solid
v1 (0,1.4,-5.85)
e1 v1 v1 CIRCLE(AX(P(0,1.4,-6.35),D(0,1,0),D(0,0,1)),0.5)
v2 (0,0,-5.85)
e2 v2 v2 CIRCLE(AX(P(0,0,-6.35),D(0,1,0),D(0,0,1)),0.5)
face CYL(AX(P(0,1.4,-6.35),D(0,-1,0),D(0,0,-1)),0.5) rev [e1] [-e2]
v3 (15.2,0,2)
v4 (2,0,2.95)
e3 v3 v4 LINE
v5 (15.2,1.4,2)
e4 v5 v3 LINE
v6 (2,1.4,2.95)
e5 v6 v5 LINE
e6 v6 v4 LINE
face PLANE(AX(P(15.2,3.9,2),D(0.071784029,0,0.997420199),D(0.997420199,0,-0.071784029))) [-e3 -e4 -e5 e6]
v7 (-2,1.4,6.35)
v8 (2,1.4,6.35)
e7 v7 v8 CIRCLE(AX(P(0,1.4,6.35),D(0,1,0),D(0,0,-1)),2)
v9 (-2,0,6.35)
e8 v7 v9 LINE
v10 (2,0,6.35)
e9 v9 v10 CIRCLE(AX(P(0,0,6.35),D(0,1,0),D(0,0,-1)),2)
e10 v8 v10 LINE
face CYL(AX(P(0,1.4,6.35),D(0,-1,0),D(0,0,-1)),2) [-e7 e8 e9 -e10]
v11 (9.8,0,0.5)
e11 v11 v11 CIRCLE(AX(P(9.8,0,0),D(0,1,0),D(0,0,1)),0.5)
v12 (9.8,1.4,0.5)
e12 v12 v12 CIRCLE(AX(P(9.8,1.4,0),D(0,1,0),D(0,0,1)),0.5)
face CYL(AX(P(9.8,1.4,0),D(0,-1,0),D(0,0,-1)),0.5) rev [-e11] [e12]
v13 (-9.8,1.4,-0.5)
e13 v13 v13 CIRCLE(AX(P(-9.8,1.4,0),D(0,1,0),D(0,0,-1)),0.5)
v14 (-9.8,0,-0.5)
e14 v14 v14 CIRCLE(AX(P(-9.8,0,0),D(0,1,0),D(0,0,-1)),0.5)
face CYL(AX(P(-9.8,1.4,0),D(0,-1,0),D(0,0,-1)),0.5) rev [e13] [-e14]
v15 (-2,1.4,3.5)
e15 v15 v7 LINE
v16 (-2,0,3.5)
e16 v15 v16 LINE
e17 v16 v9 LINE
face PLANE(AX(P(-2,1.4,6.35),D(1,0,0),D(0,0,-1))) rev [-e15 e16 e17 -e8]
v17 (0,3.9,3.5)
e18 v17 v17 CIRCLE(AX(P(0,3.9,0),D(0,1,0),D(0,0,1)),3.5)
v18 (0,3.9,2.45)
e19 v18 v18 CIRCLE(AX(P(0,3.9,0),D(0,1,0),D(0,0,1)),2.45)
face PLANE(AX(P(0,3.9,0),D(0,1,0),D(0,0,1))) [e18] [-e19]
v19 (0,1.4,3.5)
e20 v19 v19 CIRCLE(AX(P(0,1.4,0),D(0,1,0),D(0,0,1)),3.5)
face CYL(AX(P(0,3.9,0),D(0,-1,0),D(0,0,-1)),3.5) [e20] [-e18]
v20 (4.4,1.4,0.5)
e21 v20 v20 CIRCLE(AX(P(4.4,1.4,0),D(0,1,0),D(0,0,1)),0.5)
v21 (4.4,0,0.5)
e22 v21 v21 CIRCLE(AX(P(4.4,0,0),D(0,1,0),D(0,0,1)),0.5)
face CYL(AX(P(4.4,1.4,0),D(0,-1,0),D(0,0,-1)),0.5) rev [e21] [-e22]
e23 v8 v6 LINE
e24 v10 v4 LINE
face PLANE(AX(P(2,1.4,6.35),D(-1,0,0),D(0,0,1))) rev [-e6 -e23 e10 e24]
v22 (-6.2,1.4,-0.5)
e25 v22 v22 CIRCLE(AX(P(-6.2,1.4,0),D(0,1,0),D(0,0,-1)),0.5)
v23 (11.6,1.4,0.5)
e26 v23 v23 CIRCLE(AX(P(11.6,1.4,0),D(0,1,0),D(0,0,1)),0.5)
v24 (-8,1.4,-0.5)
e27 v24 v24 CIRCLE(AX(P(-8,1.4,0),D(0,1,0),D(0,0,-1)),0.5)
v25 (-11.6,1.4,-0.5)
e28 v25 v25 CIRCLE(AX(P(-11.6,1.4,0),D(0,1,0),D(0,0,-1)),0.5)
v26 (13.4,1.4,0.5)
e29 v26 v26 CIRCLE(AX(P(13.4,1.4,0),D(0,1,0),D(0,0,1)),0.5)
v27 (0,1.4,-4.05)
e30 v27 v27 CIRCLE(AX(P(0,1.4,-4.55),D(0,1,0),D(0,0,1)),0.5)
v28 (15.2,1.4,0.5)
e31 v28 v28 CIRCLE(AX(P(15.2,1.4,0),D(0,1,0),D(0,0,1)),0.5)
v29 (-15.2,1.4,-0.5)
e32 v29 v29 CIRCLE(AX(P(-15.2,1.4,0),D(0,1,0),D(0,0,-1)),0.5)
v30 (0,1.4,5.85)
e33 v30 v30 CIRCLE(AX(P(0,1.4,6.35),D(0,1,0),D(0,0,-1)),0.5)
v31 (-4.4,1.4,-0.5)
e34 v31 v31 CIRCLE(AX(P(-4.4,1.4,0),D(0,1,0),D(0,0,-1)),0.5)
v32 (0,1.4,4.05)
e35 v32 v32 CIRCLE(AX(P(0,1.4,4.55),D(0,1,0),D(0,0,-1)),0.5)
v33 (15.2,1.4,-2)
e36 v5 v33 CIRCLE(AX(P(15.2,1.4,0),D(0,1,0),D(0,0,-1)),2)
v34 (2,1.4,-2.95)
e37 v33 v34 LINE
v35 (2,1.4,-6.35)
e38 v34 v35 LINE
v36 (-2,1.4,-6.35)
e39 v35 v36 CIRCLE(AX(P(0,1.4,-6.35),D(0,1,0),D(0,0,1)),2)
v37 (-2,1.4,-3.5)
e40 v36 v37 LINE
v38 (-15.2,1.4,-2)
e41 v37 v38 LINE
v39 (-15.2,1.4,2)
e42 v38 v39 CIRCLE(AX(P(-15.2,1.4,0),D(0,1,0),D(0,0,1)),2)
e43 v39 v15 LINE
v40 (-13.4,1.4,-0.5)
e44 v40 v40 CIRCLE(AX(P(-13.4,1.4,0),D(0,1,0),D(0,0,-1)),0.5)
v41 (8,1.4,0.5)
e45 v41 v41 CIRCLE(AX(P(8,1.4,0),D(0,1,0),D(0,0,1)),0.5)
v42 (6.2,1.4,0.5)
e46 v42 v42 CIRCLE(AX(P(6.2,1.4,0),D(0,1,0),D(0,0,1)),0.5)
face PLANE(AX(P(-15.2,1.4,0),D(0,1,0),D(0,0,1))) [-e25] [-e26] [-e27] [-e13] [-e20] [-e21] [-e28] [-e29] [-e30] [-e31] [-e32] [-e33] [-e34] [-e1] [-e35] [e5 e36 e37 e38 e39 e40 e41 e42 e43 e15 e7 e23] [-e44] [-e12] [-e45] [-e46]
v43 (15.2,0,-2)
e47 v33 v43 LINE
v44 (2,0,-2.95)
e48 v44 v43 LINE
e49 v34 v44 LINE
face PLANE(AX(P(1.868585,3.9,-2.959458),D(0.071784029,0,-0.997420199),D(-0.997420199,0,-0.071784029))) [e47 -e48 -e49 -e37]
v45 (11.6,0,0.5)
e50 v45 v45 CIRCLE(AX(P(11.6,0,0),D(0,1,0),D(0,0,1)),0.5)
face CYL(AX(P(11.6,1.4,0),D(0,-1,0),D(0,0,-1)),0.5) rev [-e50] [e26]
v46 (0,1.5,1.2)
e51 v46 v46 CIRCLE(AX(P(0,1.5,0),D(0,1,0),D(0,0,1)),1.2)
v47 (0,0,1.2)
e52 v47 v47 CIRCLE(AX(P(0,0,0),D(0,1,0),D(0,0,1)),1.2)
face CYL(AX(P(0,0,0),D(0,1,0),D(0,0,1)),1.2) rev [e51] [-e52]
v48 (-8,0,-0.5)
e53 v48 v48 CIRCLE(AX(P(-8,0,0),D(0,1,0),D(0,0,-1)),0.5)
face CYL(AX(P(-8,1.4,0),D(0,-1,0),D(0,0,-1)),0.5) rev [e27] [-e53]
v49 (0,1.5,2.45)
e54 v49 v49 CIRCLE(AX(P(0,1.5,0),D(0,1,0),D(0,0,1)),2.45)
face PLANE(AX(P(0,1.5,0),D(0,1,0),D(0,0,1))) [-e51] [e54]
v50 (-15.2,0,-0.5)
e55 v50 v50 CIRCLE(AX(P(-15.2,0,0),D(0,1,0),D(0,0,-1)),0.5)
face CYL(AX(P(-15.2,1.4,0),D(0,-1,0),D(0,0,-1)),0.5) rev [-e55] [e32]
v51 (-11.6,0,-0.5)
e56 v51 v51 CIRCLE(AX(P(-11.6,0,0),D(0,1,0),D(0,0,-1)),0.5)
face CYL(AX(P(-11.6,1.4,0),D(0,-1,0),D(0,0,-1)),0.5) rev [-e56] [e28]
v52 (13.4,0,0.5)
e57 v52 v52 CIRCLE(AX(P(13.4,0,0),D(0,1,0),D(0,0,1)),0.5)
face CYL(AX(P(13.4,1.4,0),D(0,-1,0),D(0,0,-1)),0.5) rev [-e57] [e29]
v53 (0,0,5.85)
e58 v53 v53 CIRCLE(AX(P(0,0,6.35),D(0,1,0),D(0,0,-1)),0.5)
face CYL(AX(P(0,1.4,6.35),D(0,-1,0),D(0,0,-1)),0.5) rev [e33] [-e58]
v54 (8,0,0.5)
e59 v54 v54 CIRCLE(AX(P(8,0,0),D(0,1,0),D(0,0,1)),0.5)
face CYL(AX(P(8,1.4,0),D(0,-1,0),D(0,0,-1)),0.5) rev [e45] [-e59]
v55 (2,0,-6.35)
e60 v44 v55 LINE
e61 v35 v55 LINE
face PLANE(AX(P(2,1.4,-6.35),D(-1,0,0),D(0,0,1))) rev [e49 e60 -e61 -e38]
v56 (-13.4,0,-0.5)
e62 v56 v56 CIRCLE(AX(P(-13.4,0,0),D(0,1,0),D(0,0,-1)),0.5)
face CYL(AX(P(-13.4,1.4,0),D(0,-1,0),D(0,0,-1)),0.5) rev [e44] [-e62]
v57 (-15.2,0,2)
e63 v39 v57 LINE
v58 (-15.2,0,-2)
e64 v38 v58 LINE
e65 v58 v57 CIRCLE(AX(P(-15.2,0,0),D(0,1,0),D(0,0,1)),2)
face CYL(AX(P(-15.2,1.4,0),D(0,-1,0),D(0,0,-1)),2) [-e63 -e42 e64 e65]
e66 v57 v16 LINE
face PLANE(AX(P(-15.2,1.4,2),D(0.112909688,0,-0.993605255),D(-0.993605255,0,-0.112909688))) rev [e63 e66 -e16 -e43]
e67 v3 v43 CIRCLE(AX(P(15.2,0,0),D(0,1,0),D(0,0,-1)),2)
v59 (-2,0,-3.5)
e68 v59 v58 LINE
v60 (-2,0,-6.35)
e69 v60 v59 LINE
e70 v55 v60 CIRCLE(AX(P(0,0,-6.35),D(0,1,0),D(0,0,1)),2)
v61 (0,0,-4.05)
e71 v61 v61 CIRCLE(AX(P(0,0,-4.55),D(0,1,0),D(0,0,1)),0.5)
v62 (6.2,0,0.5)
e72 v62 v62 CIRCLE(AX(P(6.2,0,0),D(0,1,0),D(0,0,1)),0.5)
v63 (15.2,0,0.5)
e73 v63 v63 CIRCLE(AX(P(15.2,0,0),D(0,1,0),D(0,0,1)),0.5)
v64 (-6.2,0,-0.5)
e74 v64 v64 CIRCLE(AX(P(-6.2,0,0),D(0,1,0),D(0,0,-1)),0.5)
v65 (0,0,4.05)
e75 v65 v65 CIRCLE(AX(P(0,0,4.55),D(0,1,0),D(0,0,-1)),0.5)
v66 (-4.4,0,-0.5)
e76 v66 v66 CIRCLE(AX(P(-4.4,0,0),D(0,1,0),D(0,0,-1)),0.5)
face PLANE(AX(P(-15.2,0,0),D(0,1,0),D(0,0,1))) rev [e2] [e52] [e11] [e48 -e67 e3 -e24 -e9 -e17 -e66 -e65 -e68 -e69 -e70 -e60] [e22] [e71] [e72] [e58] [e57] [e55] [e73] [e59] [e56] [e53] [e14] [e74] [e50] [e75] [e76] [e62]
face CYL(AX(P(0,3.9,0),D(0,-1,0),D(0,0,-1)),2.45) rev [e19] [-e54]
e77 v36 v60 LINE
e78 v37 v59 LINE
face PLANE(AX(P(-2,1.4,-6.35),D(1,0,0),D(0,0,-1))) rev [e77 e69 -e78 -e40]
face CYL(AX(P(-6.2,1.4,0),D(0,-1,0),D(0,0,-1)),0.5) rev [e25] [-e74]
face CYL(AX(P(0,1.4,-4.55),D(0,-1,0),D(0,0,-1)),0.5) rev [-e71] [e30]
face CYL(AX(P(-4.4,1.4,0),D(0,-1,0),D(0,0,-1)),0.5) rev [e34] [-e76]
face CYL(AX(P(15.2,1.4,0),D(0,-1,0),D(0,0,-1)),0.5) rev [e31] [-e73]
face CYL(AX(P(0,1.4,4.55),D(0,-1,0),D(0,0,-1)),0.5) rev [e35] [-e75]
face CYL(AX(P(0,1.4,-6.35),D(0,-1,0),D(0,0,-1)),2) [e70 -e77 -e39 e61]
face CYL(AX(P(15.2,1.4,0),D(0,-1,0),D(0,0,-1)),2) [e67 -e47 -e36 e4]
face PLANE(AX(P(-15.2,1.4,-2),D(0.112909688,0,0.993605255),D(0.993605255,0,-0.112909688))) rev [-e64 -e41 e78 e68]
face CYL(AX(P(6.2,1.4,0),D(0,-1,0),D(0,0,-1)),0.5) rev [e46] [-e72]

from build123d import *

# Parameters (mm, degrees)
SKETCH1_R           = 0.5
BOSS_EXTRUDE1_DEPTH = 1.4
SKETCH2_R           = 2.35
CUT_EXTRUDE1_DEPTH  = 1
SKETCH3_R           = 3.5
SKETCH3_R_2         = 2.45
BOSS_EXTRUDE2_DEPTH = 2.5
SKETCH4_R           = 1.2
CUT_EXTRUDE2_DEPTH  = 20.282440198
SKETCH5_R           = 2.45
SKETCH5_R_2         = 1.2
BOSS_EXTRUDE3_DEPTH = 0.1
SKETCH6_W           = 35.735260114
SKETCH6_H           = 17.672039004
CUT_EXTRUDE4_DEPTH  = 20.513392837
CUT_EXTRUDE5_DEPTH  = 18.980545042
CIRPATTERN2_COUNT   = 2
SKETCH9_R           = 1.2
CUT_EXTRUDE6_DEPTH  = 20.282440198


with BuildPart() as part:
    # Sketch1 → Boss-Extrude1 (new body)
    with BuildSketch(Plane(origin=(0, 0, 0), x_dir=(1, 0, 0), z_dir=(0, 1, 0))):
        with BuildLine():
            Line((-15.2, 2), (-2, 2.95))
            Line((-2, 2.95), (-2, 6.35))
            ThreePointArc((-2, 6.35), (0, 8.35), (2, 6.35))
            Line((2, 6.35), (2, 3.5))
            Line((2, 3.5), (15.2, 2))
            ThreePointArc((15.2, 2), (17.2, 0), (15.2, -2))
            Line((15.2, -2), (2, -3.5))
            Line((2, -3.5), (2, -6.35))
            ThreePointArc((2, -6.35), (0, -8.35), (-2, -6.35))
            Line((-2, -6.35), (-2, -2.95))
            Line((-2, -2.95), (-15.2, -2))
            ThreePointArc((-15.2, -2), (-17.2, 0), (-15.2, 2))
        make_face()
        with Locations(Location((0, 6.35, 0), (0, 0, 270))):
            Circle(SKETCH1_R, mode=Mode.SUBTRACT)
        with Locations(Location((0, 4.55, 0), (0, 0, 270))):
            Circle(SKETCH1_R, mode=Mode.SUBTRACT)
        with Locations(Location((0, -4.55, 0), (0, 0, 90))):
            Circle(SKETCH1_R, mode=Mode.SUBTRACT)
        with Locations(Location((0, -6.35, 0), (0, 0, 90))):
            Circle(SKETCH1_R, mode=Mode.SUBTRACT)
        with Locations(Location((-15.2, 0, 0), (0, 0, 270))):
            Circle(SKETCH1_R, mode=Mode.SUBTRACT)
        with Locations(Location((15.2, 0, 0), (0, 0, 270))):
            Circle(SKETCH1_R, mode=Mode.SUBTRACT)
        with Locations(Location((-13.4, 0, 0), (0, 0, 270))):
            Circle(SKETCH1_R, mode=Mode.SUBTRACT)
        with Locations(Location((-11.6, 0, 0), (0, 0, 270))):
            Circle(SKETCH1_R, mode=Mode.SUBTRACT)
        with Locations(Location((-9.8, 0, 0), (0, 0, 270))):
            Circle(SKETCH1_R, mode=Mode.SUBTRACT)
        with Locations(Location((-8, 0, 0), (0, 0, 270))):
            Circle(SKETCH1_R, mode=Mode.SUBTRACT)
        with Locations(Location((-6.2, 0, 0), (0, 0, 270))):
            Circle(SKETCH1_R, mode=Mode.SUBTRACT)
        with Locations(Location((-4.4, 0, 0), (0, 0, 270))):
            Circle(SKETCH1_R, mode=Mode.SUBTRACT)
        with Locations(Location((13.4, 0, 0), (0, 0, 270))):
            Circle(SKETCH1_R, mode=Mode.SUBTRACT)
        with Locations(Location((11.6, 0, 0), (0, 0, 270))):
            Circle(SKETCH1_R, mode=Mode.SUBTRACT)
        with Locations(Location((9.8, 0, 0), (0, 0, 270))):
            Circle(SKETCH1_R, mode=Mode.SUBTRACT)
        with Locations(Location((8, 0, 0), (0, 0, 270))):
            Circle(SKETCH1_R, mode=Mode.SUBTRACT)
        with Locations(Location((6.2, 0, 0), (0, 0, 270))):
            Circle(SKETCH1_R, mode=Mode.SUBTRACT)
        with Locations(Location((4.4, 0, 0), (0, 0, 270))):
            Circle(SKETCH1_R, mode=Mode.SUBTRACT)
    boss_extrude1 = extrude(amount=BOSS_EXTRUDE1_DEPTH)

    # Sketch2 → Cut-Extrude1 (cut)
    with BuildSketch(Plane.XZ):
        with Locations(Location((0, 0, 0), (0, 0, 270))):
            Circle(SKETCH2_R)
    extrude(amount=-CUT_EXTRUDE1_DEPTH, mode=Mode.SUBTRACT)

    # Sketch3 → Boss-Extrude2 (add)
    with BuildSketch(Plane(origin=(0, 1.4, 0), x_dir=(1, 0, 0), z_dir=(0, 1, 0))):
        with Locations(Location((0, 0, 0), (0, 0, 270))):
            Circle(SKETCH3_R)
        with Locations(Location((0, 0, 0), (0, 0, 270))):
            Circle(SKETCH3_R_2, mode=Mode.SUBTRACT)
    extrude(amount=BOSS_EXTRUDE2_DEPTH)

    # Sketch4 → Cut-Extrude2 (cut, through all)
    with BuildSketch(Plane(origin=(0, 1.4, 0), x_dir=(1, 0, 0), z_dir=(0, 1, 0))):
        with Locations(Location((0, 0, 0), (0, 0, 270))):
            Circle(SKETCH4_R)
    extrude(amount=-CUT_EXTRUDE2_DEPTH, mode=Mode.SUBTRACT)

    # Sketch5 → Boss-Extrude3 (add)
    with BuildSketch(Plane(origin=(0, 1.4, 0), x_dir=(1, 0, 0), z_dir=(0, 1, 0))):
        with Locations(Location((0, 0, 0), (0, 0, 270))):
            Circle(SKETCH5_R)
        with Locations(Location((0, 0, 0), (0, 0, 270))):
            Circle(SKETCH5_R_2, mode=Mode.SUBTRACT)
    extrude(amount=BOSS_EXTRUDE3_DEPTH)

    # Sketch6 → Cut-Extrude4 (cut, through all)
    with BuildSketch(Plane.XZ):
        Rectangle(SKETCH6_W, SKETCH6_H)
        with BuildLine():
            Line((-1.868584713, -2.959457918), (-15.2, -2))
            ThreePointArc((-15.2, -2), (-17.2, 0), (-15.2, 2))
            Line((-15.2, 2), (-1.868584713, 2.959457918))
            ThreePointArc((-1.868584713, 2.959457918), (0, 3.5), (1.868584713, 2.959457918))
            Line((1.868584713, 2.959457918), (15.2, 2))
            ThreePointArc((15.2, 2), (17.2, 0), (15.2, -2))
            Line((15.2, -2), (1.868584713, -2.959457918))
            ThreePointArc((1.868584713, -2.959457918), (0, -3.5), (-1.868584713, -2.959457918))
        make_face(mode=Mode.SUBTRACT)
    extrude(amount=-CUT_EXTRUDE4_DEPTH, mode=Mode.SUBTRACT)

    # Sketch7 → Cut-Extrude5 (cut, through all)
    with BuildSketch(Plane.XZ):
        with BuildLine():
            Line((0, 3.5), (-17.731768104, 3.5))
            Line((-17.731768104, 3.5), (-17.731768104, -3.5))
            Line((-17.731768104, -3.5), (0, -3.5))
            ThreePointArc((0, -3.5), (-3.5, 0), (0, 3.5))
        make_face()
    extrude(amount=-CUT_EXTRUDE5_DEPTH, mode=Mode.SUBTRACT)

    # CirPattern2: Boss-Extrude1 ×2 about axis
    cirpattern2_axis = Axis((0, 0, 0), (0, 1, 0))
    for i in range(1, CIRPATTERN2_COUNT):
        add(boss_extrude1.rotate(cirpattern2_axis, i * 360 / CIRPATTERN2_COUNT))

    # Sketch9 → Cut-Extrude6 (cut, through all)
    with BuildSketch(Plane(origin=(0, 1.4, 0), x_dir=(1, 0, 0), z_dir=(0, 1, 0))):
        with Locations(Location((0, 0, 0), (0, 0, 270))):
            Circle(SKETCH9_R)
    extrude(amount=-CUT_EXTRUDE6_DEPTH, mode=Mode.SUBTRACT)


solid = part.part
